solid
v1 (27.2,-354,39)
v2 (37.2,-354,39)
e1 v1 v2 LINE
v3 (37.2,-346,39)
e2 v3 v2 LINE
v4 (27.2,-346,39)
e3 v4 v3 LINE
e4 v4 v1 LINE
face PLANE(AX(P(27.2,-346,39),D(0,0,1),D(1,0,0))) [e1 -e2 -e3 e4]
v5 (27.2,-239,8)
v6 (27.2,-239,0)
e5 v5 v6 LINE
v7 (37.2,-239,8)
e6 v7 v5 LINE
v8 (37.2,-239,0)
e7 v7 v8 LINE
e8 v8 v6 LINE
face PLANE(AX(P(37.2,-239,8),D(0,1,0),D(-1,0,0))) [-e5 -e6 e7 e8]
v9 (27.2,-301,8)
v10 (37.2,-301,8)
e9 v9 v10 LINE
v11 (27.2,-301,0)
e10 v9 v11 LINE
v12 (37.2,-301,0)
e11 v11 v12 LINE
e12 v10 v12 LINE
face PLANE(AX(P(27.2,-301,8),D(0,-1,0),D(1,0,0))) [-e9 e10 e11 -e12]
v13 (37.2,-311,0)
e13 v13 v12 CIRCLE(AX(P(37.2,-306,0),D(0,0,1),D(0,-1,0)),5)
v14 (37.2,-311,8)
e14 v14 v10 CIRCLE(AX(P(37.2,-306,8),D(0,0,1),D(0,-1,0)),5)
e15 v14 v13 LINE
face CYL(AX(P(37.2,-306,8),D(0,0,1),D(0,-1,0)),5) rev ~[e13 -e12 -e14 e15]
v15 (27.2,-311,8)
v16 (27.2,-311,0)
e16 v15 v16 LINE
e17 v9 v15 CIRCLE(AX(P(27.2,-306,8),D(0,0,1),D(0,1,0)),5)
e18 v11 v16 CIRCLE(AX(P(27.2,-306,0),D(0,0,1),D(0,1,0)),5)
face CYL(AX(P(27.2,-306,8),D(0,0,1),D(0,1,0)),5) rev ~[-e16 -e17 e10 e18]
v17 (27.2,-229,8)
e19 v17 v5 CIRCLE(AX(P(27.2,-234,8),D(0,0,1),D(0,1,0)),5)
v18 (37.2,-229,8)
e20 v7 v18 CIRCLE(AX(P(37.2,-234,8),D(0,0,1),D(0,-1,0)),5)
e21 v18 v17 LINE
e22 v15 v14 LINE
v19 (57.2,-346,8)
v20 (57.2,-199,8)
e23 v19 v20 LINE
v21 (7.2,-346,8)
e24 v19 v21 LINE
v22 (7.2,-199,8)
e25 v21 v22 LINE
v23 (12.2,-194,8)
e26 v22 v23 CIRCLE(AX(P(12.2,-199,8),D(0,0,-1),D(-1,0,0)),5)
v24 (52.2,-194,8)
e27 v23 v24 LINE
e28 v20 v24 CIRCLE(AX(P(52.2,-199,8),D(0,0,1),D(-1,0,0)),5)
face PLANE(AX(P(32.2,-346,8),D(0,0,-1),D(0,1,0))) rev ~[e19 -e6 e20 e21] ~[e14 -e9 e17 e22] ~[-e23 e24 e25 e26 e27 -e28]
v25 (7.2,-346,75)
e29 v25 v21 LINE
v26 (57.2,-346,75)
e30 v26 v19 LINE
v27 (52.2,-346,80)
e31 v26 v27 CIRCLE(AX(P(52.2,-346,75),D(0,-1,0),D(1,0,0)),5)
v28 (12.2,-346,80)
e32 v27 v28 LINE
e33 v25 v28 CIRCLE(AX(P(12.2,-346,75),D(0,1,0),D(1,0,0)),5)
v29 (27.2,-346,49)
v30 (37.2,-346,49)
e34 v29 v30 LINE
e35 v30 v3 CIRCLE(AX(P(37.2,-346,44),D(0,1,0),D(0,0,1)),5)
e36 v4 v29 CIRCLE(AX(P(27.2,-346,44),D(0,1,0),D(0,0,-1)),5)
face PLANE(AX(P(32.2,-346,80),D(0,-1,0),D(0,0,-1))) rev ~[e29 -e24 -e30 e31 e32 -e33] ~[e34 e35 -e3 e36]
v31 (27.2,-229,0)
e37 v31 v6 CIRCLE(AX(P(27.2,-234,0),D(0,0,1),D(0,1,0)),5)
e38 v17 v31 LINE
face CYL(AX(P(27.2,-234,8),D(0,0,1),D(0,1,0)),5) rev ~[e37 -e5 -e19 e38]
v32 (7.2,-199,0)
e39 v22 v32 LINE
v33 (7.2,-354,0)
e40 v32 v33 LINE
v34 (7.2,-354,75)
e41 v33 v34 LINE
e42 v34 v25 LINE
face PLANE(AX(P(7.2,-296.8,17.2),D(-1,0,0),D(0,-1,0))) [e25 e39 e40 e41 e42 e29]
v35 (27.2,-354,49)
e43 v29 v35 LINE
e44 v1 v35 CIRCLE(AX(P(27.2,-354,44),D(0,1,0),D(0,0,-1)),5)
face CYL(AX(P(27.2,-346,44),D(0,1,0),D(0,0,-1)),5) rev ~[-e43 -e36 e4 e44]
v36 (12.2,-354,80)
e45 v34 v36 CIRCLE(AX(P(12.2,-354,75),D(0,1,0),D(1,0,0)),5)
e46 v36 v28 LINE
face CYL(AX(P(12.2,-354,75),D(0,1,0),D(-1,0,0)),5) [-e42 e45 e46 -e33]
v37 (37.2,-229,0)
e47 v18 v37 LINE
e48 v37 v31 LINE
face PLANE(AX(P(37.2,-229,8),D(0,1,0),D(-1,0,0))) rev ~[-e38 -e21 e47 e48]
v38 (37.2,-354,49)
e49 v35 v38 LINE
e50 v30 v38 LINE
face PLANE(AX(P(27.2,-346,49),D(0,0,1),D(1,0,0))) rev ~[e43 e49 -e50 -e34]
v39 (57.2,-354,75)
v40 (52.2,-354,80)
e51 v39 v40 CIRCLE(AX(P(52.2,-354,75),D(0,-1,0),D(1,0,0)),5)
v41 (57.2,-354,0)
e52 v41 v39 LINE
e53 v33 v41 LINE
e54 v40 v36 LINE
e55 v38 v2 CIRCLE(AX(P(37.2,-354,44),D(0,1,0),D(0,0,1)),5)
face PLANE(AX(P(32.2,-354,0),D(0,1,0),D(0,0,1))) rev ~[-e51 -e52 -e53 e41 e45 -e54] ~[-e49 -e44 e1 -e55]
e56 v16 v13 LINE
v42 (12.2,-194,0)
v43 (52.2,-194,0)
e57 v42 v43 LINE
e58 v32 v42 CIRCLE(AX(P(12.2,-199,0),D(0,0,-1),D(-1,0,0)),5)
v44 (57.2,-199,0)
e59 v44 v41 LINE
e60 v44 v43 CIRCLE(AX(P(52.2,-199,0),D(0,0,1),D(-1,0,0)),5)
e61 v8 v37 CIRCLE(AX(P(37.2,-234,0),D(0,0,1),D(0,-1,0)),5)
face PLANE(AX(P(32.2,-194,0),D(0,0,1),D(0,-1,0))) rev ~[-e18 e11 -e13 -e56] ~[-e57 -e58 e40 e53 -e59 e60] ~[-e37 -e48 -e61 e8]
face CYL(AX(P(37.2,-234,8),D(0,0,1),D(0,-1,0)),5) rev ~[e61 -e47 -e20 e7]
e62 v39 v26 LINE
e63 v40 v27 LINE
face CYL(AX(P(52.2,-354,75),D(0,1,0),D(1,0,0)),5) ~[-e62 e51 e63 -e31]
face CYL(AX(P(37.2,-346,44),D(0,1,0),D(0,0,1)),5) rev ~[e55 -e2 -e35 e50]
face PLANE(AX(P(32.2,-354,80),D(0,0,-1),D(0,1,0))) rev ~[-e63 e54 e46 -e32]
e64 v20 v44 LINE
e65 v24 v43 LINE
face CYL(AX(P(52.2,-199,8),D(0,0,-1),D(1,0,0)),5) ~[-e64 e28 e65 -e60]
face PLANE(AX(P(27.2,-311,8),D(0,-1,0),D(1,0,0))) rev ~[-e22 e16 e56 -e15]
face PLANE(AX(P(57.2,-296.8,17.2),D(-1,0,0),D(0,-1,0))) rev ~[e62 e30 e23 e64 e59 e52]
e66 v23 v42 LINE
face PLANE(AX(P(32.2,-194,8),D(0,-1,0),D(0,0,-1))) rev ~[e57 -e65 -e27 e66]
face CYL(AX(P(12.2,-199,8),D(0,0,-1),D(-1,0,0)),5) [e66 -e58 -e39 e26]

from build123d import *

# Parameters (mm, degrees)
PAD002_DEPTH            = 25
POCKET002_DEPTH         = 8.001
POCKET003_DEPTH         = 8.001
FILLET_R                = 5
BODY002_ROLL_ANGLE      = 90
BODY002_PLACEMENT_ANGLE = 90


with BuildPart() as part:
    # Sketch008 → Pad002 (new body, symmetric)
    with BuildSketch(Plane.XY):
        Polygon((0, 0), (0, 80), (8, 80), (8, 8), (160, 8), (160, 0), align=None)
    extrude(amount=PAD002_DEPTH, both=True)

    # Sketch009 (on Face4 of Pad002) → Pocket002 (cut, through all)
    with BuildSketch(Plane(origin=(0, 8, 0), x_dir=(-1, 0, 0), z_dir=(0, 1, 0))):
        with BuildLine():
            ThreePointArc((-115, 5), (-120, 10), (-125, 5))
            Line((-125, 5), (-125, -5))
            ThreePointArc((-125, -5), (-120, -10), (-115, -5))
            Line((-115, 5), (-115, -5))
        make_face()
        with BuildLine():
            ThreePointArc((-53, -5), (-48, -10), (-43, -5))
            Line((-43, -5), (-43, 5))
            ThreePointArc((-43, 5), (-48, 10), (-53, 5))
            Line((-53, -5), (-53, 5))
        make_face()
    extrude(amount=-POCKET002_DEPTH, mode=Mode.SUBTRACT)

    # Sketch010 (on Face15 of Pocket002) → Pocket003 (cut, through all)
    with BuildSketch(Plane.YZ.offset(8)):
        with BuildLine():
            ThreePointArc((39, -5), (44, -10), (49, -5))
            Line((49, -5), (49, 5))
            ThreePointArc((49, 5), (44, 10), (39, 5))
            Line((39, -5), (39, 5))
        make_face()
    extrude(amount=-POCKET003_DEPTH, mode=Mode.SUBTRACT)

    # Fillet
    fillet_edges = [part.edges().sort_by_distance(p)[0] for p in [
        (4, 80, 25),
        (4, 80, -25),
        (160, 4, -25),
        (160, 4, 25),
    ]]
    fillet(fillet_edges, radius=FILLET_R)


with BuildPart() as part_1:
    # Body002 roll: moved
    add(part.part.rotate(Axis((0, 0, 0), (1, 0, 0)), BODY002_ROLL_ANGLE))


with BuildPart() as part_2:
    # Body002 placement: moved
    add(part_1.part.moved(Location((32.2, -354, 0))).rotate(Axis((32.2, -354, 0), (0, 0, 1)), BODY002_PLACEMENT_ANGLE))


solid = part_2.part
